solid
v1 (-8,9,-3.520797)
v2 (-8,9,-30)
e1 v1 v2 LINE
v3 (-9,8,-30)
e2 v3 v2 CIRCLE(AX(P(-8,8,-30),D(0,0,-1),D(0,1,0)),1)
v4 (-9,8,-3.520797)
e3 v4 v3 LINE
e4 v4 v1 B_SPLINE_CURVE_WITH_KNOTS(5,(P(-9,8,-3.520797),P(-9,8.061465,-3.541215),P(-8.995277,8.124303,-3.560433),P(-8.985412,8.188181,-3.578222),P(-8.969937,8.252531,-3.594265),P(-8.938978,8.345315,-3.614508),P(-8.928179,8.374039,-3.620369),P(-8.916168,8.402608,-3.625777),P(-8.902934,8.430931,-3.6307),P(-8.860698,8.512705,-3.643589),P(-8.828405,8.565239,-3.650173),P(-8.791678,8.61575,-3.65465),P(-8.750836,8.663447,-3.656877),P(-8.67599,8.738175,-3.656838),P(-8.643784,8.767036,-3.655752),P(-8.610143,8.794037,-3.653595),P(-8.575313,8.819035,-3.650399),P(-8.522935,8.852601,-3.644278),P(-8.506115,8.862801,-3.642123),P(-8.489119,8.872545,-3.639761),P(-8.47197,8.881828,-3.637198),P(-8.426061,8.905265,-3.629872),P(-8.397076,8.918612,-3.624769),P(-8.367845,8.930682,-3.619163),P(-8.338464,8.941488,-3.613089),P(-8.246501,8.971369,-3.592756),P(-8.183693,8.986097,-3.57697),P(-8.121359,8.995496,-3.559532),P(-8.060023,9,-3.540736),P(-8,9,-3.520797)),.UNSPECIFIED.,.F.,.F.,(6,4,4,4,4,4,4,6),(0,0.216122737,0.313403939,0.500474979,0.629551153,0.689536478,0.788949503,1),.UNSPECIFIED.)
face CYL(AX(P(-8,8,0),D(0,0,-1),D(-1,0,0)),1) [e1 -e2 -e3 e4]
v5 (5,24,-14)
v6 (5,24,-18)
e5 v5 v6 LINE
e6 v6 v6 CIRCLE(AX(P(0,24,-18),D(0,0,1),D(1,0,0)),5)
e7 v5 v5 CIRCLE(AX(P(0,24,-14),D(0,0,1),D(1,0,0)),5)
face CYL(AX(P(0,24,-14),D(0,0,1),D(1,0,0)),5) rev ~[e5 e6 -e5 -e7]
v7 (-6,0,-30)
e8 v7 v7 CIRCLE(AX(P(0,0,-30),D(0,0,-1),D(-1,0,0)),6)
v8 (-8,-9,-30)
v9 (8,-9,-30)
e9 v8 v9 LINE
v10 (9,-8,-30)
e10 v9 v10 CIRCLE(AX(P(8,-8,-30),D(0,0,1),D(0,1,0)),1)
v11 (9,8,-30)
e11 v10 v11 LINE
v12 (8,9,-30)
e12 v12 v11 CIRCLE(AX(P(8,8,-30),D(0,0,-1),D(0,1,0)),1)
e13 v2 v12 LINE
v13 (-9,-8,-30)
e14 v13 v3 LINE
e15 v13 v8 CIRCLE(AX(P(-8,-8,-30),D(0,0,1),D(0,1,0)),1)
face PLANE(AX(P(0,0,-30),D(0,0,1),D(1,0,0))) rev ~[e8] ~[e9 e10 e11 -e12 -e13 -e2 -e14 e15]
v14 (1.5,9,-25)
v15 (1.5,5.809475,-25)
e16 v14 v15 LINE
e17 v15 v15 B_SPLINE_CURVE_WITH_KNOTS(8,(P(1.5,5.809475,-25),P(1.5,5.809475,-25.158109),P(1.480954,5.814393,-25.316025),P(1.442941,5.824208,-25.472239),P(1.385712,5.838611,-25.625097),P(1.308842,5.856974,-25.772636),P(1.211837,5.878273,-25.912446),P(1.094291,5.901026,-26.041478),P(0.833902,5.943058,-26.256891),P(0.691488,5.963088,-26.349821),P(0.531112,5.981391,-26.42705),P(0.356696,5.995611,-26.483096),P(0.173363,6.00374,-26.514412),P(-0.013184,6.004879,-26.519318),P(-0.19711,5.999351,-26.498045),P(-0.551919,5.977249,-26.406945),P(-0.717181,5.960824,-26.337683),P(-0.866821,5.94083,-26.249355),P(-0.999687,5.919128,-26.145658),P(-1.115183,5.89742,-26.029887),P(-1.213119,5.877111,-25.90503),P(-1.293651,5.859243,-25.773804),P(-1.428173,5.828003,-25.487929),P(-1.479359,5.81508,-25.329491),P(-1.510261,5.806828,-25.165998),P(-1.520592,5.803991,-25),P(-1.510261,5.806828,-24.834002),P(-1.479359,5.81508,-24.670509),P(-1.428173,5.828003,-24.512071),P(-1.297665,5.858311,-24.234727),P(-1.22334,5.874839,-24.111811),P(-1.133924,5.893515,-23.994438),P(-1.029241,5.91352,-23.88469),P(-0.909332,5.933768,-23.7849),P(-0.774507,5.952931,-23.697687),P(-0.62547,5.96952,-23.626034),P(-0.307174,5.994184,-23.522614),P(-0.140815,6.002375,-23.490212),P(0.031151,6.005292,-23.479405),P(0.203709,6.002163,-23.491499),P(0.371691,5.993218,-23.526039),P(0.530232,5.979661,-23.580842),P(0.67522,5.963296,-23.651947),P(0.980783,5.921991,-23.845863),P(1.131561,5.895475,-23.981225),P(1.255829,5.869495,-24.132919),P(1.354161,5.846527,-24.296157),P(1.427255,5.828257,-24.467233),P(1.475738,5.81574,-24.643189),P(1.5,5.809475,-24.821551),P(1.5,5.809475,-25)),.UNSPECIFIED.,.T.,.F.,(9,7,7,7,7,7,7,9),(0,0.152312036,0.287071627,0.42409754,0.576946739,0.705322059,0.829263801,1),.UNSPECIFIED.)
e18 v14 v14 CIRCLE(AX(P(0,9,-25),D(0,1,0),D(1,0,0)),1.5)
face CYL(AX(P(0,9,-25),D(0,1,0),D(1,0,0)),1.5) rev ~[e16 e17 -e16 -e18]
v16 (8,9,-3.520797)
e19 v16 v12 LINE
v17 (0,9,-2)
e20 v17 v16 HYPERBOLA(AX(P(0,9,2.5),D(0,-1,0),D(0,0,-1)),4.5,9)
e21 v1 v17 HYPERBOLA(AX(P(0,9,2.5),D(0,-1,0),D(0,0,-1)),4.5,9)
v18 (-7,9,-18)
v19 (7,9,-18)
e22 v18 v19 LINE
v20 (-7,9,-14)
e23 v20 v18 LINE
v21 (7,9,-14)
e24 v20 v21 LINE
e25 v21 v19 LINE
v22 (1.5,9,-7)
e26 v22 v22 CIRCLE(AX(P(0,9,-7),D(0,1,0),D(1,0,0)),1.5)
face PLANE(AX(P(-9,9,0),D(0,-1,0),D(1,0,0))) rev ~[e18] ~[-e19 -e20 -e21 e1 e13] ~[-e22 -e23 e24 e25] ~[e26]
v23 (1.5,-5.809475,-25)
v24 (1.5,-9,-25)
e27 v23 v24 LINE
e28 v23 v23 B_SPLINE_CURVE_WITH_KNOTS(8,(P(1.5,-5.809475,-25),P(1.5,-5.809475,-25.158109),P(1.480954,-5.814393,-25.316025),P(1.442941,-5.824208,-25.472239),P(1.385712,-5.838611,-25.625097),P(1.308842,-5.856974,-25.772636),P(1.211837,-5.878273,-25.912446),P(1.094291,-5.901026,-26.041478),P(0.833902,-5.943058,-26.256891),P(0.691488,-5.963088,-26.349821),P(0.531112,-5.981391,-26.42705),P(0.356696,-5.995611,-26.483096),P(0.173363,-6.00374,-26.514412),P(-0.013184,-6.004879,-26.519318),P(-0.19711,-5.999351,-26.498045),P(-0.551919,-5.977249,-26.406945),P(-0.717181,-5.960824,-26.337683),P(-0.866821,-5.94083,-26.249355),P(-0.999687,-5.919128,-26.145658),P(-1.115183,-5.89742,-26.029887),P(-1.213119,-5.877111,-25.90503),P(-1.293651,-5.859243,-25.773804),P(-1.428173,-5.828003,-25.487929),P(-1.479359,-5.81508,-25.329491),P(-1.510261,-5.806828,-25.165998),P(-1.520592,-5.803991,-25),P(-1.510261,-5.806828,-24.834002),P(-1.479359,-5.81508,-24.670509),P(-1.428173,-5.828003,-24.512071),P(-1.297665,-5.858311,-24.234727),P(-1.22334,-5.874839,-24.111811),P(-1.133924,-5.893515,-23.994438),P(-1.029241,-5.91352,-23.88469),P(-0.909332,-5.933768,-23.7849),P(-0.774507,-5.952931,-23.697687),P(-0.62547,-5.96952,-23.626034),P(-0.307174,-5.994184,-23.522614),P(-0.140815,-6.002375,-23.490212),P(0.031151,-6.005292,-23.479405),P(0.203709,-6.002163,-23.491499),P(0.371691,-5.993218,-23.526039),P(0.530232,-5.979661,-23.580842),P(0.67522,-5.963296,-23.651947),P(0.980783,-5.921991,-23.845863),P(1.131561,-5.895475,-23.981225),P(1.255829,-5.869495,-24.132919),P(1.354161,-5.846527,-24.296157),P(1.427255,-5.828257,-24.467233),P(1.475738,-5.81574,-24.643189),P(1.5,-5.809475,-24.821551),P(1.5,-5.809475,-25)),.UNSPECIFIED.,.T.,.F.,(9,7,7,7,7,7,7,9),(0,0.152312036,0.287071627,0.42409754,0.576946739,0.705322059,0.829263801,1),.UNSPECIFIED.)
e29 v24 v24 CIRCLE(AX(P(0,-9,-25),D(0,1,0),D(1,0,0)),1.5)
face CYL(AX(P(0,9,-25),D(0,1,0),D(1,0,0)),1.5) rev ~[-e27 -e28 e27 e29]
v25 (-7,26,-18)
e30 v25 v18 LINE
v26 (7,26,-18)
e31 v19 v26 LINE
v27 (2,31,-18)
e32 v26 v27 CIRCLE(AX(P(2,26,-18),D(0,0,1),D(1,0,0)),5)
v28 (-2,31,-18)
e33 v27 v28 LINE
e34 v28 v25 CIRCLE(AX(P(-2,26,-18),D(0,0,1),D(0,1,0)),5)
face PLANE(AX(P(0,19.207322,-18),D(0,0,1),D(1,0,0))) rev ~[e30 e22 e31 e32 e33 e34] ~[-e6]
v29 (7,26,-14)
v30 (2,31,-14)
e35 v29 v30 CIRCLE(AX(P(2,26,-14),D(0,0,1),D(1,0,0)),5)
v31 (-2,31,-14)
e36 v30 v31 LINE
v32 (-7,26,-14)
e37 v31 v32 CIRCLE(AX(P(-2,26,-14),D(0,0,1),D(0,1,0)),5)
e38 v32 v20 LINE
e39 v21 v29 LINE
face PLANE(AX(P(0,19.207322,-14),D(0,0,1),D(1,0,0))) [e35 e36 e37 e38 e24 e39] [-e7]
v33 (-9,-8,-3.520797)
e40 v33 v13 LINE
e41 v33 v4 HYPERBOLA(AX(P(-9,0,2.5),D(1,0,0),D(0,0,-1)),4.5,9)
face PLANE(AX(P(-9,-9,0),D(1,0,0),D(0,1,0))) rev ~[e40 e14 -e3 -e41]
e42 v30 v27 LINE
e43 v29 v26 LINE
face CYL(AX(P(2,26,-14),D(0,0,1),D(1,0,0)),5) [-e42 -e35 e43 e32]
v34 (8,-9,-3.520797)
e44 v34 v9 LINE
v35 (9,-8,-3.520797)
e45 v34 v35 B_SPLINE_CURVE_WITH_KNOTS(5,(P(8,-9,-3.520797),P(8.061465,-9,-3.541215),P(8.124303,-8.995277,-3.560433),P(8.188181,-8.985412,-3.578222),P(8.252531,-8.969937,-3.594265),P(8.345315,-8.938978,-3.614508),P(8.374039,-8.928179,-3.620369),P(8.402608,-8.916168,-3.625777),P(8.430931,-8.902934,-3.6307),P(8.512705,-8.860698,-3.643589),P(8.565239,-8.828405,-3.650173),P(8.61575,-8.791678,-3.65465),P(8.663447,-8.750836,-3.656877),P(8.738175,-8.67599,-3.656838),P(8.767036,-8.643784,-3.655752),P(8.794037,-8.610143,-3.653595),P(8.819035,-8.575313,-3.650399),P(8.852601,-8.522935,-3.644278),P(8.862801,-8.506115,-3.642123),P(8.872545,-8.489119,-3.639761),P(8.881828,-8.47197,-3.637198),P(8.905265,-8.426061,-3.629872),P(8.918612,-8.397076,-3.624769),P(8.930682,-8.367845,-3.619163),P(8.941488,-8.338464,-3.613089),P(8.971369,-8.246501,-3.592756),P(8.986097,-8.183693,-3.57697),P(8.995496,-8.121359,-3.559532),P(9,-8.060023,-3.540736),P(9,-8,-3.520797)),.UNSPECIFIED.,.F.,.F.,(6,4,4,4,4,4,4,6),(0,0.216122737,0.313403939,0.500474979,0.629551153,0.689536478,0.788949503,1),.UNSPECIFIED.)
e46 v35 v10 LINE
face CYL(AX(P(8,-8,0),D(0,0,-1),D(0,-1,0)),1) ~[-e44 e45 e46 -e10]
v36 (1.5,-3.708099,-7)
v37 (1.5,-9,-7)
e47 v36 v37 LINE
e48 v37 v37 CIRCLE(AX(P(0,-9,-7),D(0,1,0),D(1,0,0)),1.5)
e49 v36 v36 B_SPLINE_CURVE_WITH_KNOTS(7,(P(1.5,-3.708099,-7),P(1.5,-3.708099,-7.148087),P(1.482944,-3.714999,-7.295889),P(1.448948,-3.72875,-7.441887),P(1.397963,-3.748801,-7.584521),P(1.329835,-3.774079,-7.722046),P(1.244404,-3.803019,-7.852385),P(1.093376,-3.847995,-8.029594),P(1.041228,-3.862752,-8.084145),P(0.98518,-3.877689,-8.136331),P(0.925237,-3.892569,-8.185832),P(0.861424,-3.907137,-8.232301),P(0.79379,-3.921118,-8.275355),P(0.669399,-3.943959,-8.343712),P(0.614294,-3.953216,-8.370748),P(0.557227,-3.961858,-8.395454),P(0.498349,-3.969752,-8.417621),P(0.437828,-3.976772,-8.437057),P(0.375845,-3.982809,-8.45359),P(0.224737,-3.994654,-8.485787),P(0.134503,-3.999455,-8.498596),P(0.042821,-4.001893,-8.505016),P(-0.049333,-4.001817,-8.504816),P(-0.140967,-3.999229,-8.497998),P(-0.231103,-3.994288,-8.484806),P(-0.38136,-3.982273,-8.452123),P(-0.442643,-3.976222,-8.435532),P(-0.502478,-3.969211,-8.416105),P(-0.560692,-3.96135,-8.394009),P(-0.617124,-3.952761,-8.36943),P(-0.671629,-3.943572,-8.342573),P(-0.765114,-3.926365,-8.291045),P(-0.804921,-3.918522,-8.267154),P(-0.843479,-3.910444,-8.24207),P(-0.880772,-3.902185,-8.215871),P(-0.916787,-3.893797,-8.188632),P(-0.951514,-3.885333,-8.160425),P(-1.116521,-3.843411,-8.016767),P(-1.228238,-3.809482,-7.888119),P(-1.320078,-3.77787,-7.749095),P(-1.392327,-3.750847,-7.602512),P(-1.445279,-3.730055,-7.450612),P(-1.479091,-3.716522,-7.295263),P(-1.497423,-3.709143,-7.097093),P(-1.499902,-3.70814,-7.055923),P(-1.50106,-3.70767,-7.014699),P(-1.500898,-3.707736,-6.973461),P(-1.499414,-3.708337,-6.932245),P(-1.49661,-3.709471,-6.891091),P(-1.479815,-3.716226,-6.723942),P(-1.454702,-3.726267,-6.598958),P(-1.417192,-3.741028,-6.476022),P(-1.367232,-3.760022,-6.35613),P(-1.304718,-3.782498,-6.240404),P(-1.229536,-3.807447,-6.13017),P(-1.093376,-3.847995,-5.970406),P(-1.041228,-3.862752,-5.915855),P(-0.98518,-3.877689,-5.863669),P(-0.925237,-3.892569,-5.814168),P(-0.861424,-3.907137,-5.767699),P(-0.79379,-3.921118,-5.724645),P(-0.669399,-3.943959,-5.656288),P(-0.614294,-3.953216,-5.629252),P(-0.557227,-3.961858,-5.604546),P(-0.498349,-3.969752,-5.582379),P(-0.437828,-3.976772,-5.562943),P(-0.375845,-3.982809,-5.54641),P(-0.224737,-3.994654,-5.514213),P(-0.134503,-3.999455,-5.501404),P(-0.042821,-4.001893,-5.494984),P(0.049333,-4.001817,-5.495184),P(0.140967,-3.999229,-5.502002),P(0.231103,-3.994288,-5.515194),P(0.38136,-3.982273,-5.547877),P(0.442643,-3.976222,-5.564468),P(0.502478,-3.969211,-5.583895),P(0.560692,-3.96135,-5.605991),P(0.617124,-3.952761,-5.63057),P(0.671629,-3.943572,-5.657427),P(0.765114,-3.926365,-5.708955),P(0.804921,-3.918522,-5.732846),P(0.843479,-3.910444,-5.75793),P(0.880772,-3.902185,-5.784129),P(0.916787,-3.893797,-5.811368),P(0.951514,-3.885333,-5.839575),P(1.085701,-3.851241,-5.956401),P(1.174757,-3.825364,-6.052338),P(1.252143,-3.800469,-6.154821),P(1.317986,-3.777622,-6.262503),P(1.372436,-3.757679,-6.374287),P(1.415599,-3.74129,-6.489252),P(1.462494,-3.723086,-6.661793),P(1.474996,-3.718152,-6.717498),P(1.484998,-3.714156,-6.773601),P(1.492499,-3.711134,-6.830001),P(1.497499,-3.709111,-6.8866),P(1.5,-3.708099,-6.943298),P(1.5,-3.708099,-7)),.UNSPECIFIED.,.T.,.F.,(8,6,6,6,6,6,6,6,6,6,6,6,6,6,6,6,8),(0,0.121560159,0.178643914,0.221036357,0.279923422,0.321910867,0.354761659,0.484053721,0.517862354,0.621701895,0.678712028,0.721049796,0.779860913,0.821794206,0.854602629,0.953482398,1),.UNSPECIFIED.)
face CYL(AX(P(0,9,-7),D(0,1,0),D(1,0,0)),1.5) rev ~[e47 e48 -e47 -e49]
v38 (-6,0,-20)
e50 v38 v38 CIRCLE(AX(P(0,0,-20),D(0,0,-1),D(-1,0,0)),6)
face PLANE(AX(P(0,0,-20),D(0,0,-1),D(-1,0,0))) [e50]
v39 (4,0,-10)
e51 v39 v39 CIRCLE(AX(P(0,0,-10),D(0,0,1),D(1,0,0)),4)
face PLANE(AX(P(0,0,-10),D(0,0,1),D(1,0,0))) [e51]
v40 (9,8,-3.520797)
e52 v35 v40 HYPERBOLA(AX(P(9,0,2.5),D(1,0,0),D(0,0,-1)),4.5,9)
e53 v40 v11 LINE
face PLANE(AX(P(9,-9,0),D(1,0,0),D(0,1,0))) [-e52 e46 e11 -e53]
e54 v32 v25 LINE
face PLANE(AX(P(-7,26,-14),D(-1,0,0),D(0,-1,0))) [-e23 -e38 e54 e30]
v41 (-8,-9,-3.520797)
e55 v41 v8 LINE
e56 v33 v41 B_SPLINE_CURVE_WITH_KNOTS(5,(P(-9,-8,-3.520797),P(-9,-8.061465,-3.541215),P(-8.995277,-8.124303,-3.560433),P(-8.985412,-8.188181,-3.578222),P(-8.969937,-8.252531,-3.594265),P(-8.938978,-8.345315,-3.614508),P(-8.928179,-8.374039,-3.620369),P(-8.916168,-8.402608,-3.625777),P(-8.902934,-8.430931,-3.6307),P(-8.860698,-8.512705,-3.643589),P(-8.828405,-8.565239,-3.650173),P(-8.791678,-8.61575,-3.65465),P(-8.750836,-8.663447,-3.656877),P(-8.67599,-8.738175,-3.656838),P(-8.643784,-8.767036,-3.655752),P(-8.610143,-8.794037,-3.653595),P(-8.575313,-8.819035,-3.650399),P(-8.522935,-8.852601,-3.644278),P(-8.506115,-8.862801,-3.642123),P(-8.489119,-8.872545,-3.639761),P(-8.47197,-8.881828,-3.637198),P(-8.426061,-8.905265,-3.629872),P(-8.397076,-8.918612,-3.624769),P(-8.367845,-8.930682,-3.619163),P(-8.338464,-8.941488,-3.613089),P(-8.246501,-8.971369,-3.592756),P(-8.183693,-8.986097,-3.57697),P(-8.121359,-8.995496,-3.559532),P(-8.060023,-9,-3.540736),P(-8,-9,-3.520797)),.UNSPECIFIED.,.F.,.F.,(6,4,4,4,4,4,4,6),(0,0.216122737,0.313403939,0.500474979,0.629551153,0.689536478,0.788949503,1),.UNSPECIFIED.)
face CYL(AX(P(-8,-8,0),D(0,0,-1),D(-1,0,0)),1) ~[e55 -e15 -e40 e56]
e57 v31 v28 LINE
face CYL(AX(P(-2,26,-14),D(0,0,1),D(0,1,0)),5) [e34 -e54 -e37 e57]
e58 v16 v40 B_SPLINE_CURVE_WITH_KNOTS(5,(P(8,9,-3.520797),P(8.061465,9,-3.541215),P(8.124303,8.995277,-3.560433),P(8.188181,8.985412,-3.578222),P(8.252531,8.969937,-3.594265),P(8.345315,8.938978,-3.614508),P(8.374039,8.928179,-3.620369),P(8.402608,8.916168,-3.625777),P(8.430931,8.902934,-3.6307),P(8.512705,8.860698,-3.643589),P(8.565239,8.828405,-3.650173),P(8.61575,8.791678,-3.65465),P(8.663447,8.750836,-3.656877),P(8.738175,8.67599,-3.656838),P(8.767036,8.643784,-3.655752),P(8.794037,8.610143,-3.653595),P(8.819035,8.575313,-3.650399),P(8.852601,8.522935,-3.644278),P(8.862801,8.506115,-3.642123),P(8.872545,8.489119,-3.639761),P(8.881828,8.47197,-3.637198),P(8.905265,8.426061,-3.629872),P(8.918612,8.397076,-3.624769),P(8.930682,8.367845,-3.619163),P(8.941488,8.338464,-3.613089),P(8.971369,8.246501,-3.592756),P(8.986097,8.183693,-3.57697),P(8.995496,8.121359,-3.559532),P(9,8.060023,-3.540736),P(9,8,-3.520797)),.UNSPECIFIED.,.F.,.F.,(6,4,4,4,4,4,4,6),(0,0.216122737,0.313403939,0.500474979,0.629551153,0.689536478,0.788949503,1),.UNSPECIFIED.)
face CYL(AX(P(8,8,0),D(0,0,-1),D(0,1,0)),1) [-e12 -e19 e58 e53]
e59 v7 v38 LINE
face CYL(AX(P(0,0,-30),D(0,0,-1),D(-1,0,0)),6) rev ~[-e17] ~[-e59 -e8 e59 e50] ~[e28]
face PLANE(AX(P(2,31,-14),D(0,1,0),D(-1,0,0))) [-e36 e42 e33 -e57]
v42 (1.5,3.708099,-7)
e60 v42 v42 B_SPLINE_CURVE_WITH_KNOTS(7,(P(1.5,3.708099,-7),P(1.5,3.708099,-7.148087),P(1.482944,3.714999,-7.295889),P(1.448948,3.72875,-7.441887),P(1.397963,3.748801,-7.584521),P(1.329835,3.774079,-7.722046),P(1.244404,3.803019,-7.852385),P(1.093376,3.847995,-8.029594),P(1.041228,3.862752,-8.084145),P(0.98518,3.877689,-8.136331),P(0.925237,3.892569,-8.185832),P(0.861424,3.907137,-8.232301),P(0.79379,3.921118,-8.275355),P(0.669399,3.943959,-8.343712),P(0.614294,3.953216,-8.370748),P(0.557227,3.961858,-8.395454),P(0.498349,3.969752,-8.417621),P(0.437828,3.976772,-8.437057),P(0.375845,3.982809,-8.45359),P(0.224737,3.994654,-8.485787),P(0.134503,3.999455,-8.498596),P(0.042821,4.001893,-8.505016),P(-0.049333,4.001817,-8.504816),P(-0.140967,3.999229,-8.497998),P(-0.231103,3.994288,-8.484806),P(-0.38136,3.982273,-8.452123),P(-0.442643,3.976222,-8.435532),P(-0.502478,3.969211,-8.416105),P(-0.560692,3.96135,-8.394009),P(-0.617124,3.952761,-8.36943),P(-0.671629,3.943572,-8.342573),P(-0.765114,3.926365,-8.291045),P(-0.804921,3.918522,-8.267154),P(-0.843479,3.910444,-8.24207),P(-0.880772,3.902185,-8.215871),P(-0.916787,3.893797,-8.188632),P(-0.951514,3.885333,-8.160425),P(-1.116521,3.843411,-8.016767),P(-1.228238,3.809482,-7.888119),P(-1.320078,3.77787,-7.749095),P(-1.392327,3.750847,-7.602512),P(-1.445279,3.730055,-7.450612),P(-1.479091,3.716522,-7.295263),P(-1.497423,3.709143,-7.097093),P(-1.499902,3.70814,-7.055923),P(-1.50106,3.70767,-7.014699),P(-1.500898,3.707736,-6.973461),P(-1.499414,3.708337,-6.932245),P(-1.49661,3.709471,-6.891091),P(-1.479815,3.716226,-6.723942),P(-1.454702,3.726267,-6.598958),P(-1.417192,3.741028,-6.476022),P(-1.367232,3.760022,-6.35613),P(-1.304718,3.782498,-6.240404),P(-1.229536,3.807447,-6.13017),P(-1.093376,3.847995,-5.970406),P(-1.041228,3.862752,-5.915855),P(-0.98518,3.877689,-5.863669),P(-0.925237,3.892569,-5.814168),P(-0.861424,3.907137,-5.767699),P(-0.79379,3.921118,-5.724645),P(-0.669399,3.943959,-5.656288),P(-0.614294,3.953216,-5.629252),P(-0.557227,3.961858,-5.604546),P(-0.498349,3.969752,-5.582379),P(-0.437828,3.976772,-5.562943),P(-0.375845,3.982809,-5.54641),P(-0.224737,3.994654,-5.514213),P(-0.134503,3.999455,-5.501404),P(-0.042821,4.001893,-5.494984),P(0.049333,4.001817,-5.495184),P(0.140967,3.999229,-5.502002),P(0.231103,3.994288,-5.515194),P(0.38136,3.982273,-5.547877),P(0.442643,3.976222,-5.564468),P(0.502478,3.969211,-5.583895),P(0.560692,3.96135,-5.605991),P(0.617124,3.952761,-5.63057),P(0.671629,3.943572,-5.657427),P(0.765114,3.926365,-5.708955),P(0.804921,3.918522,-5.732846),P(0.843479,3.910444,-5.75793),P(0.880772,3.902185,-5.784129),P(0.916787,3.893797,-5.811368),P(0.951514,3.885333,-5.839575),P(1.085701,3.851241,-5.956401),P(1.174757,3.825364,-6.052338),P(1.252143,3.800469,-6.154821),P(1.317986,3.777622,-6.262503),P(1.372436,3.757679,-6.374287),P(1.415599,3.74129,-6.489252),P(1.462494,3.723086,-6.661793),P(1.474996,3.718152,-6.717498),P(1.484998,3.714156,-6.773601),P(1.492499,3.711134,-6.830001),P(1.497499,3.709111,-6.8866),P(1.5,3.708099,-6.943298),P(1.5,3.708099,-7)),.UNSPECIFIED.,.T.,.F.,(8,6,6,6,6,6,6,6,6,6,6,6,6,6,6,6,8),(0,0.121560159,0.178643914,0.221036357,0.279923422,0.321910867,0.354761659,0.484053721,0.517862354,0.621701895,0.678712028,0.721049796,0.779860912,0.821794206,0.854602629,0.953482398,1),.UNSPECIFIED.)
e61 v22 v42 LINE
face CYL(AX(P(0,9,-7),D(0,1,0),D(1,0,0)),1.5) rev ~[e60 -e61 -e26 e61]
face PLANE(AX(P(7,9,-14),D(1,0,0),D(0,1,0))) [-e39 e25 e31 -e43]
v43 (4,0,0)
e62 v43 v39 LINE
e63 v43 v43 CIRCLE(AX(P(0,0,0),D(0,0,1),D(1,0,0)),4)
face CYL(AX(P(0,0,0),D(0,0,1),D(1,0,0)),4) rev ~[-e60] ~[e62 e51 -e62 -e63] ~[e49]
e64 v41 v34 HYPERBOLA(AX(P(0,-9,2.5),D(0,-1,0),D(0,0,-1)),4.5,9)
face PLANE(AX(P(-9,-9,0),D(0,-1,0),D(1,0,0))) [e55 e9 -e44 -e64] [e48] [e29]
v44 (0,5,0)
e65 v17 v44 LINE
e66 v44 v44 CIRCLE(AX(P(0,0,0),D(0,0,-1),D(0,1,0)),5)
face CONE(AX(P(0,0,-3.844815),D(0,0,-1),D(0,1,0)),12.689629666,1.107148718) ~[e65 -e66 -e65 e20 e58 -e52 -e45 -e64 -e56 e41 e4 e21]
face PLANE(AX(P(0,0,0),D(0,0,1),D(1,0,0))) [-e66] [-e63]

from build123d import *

# Parameters (mm, degrees)
SKETCH1_W           = 18
SKETCH1_H           = 18
BOSS_EXTRUDE1_DEPTH = 30
FILLET1_R           = 1
SKETCH3_R           = 4
CUT_EXTRUDE1_DEPTH  = 10
SKETCH4_R           = 6
CUT_EXTRUDE2_DEPTH  = 10
SKETCH5_R           = 1.5
CUT_EXTRUDE3_DEPTH  = 19.0000001
SKETCH7_R           = 5
BOSS_EXTRUDE2_DEPTH = 4


with BuildPart() as part:
    # Sketch1 → Boss-Extrude1 (new body)
    with BuildSketch(Plane.XY):
        Rectangle(SKETCH1_W, SKETCH1_H)
    extrude(amount=-BOSS_EXTRUDE1_DEPTH)

    # Sketch2 → Cut-Revolve1 (revolve, cut)
    with BuildSketch(Plane(origin=(0, 0, 0), x_dir=(0, 0, -1), z_dir=(1, 0, 0))):
        Polygon((0, 5), (0, 12.689629666), (3.844814833, 12.689629666), align=None)
    revolve(axis=Axis((0, 0, 0), (0, 0, -1)), mode=Mode.SUBTRACT)

    # Fillet1
    fillet1_edges = [part.edges().sort_by_distance(p)[0] for p in [
        (9, -9, -15),
        (-9, -9, -15),
        (-9, 9, -15),
        (9, 9, -15),
    ]]
    fillet(fillet1_edges, radius=FILLET1_R)

    # Sketch3 → Cut-Extrude1 (cut)
    with BuildSketch(Plane.XY):
        Circle(SKETCH3_R)
    extrude(amount=-CUT_EXTRUDE1_DEPTH, mode=Mode.SUBTRACT)

    # Sketch4 → Cut-Extrude2 (cut)
    with BuildSketch(Plane(origin=(0, 0, -30), x_dir=(-1, 0, 0), z_dir=(0, 0, -1))):
        Circle(SKETCH4_R)
    extrude(amount=-CUT_EXTRUDE2_DEPTH, mode=Mode.SUBTRACT)

    # Sketch5 → Cut-Extrude3 (cut, through all)
    with BuildSketch(Plane(origin=(0, 9, 0), x_dir=(1, 0, 0), z_dir=(0, 1, 0))):
        with Locations((0, 7)):
            Circle(SKETCH5_R)
        with Locations((0, 25)):
            Circle(SKETCH5_R)
    extrude(amount=-CUT_EXTRUDE3_DEPTH, mode=Mode.SUBTRACT)

    # Sketch7 → Boss-Extrude2 (add)
    with BuildSketch(Plane.XY.offset(-14)):
        with BuildLine():
            Line((-7, 9), (7, 9))
            Line((7, 9), (7, 26))
            ThreePointArc((7, 26), (5.535533906, 29.535533906), (2, 31))
            Line((2, 31), (-2, 31))
            ThreePointArc((-2, 31), (-5.535533906, 29.535533906), (-7, 26))
            Line((-7, 26), (-7, 9))
        make_face()
        with Locations((0, 24)):
            Circle(SKETCH7_R, mode=Mode.SUBTRACT)
    extrude(amount=-BOSS_EXTRUDE2_DEPTH)


solid = part.part
